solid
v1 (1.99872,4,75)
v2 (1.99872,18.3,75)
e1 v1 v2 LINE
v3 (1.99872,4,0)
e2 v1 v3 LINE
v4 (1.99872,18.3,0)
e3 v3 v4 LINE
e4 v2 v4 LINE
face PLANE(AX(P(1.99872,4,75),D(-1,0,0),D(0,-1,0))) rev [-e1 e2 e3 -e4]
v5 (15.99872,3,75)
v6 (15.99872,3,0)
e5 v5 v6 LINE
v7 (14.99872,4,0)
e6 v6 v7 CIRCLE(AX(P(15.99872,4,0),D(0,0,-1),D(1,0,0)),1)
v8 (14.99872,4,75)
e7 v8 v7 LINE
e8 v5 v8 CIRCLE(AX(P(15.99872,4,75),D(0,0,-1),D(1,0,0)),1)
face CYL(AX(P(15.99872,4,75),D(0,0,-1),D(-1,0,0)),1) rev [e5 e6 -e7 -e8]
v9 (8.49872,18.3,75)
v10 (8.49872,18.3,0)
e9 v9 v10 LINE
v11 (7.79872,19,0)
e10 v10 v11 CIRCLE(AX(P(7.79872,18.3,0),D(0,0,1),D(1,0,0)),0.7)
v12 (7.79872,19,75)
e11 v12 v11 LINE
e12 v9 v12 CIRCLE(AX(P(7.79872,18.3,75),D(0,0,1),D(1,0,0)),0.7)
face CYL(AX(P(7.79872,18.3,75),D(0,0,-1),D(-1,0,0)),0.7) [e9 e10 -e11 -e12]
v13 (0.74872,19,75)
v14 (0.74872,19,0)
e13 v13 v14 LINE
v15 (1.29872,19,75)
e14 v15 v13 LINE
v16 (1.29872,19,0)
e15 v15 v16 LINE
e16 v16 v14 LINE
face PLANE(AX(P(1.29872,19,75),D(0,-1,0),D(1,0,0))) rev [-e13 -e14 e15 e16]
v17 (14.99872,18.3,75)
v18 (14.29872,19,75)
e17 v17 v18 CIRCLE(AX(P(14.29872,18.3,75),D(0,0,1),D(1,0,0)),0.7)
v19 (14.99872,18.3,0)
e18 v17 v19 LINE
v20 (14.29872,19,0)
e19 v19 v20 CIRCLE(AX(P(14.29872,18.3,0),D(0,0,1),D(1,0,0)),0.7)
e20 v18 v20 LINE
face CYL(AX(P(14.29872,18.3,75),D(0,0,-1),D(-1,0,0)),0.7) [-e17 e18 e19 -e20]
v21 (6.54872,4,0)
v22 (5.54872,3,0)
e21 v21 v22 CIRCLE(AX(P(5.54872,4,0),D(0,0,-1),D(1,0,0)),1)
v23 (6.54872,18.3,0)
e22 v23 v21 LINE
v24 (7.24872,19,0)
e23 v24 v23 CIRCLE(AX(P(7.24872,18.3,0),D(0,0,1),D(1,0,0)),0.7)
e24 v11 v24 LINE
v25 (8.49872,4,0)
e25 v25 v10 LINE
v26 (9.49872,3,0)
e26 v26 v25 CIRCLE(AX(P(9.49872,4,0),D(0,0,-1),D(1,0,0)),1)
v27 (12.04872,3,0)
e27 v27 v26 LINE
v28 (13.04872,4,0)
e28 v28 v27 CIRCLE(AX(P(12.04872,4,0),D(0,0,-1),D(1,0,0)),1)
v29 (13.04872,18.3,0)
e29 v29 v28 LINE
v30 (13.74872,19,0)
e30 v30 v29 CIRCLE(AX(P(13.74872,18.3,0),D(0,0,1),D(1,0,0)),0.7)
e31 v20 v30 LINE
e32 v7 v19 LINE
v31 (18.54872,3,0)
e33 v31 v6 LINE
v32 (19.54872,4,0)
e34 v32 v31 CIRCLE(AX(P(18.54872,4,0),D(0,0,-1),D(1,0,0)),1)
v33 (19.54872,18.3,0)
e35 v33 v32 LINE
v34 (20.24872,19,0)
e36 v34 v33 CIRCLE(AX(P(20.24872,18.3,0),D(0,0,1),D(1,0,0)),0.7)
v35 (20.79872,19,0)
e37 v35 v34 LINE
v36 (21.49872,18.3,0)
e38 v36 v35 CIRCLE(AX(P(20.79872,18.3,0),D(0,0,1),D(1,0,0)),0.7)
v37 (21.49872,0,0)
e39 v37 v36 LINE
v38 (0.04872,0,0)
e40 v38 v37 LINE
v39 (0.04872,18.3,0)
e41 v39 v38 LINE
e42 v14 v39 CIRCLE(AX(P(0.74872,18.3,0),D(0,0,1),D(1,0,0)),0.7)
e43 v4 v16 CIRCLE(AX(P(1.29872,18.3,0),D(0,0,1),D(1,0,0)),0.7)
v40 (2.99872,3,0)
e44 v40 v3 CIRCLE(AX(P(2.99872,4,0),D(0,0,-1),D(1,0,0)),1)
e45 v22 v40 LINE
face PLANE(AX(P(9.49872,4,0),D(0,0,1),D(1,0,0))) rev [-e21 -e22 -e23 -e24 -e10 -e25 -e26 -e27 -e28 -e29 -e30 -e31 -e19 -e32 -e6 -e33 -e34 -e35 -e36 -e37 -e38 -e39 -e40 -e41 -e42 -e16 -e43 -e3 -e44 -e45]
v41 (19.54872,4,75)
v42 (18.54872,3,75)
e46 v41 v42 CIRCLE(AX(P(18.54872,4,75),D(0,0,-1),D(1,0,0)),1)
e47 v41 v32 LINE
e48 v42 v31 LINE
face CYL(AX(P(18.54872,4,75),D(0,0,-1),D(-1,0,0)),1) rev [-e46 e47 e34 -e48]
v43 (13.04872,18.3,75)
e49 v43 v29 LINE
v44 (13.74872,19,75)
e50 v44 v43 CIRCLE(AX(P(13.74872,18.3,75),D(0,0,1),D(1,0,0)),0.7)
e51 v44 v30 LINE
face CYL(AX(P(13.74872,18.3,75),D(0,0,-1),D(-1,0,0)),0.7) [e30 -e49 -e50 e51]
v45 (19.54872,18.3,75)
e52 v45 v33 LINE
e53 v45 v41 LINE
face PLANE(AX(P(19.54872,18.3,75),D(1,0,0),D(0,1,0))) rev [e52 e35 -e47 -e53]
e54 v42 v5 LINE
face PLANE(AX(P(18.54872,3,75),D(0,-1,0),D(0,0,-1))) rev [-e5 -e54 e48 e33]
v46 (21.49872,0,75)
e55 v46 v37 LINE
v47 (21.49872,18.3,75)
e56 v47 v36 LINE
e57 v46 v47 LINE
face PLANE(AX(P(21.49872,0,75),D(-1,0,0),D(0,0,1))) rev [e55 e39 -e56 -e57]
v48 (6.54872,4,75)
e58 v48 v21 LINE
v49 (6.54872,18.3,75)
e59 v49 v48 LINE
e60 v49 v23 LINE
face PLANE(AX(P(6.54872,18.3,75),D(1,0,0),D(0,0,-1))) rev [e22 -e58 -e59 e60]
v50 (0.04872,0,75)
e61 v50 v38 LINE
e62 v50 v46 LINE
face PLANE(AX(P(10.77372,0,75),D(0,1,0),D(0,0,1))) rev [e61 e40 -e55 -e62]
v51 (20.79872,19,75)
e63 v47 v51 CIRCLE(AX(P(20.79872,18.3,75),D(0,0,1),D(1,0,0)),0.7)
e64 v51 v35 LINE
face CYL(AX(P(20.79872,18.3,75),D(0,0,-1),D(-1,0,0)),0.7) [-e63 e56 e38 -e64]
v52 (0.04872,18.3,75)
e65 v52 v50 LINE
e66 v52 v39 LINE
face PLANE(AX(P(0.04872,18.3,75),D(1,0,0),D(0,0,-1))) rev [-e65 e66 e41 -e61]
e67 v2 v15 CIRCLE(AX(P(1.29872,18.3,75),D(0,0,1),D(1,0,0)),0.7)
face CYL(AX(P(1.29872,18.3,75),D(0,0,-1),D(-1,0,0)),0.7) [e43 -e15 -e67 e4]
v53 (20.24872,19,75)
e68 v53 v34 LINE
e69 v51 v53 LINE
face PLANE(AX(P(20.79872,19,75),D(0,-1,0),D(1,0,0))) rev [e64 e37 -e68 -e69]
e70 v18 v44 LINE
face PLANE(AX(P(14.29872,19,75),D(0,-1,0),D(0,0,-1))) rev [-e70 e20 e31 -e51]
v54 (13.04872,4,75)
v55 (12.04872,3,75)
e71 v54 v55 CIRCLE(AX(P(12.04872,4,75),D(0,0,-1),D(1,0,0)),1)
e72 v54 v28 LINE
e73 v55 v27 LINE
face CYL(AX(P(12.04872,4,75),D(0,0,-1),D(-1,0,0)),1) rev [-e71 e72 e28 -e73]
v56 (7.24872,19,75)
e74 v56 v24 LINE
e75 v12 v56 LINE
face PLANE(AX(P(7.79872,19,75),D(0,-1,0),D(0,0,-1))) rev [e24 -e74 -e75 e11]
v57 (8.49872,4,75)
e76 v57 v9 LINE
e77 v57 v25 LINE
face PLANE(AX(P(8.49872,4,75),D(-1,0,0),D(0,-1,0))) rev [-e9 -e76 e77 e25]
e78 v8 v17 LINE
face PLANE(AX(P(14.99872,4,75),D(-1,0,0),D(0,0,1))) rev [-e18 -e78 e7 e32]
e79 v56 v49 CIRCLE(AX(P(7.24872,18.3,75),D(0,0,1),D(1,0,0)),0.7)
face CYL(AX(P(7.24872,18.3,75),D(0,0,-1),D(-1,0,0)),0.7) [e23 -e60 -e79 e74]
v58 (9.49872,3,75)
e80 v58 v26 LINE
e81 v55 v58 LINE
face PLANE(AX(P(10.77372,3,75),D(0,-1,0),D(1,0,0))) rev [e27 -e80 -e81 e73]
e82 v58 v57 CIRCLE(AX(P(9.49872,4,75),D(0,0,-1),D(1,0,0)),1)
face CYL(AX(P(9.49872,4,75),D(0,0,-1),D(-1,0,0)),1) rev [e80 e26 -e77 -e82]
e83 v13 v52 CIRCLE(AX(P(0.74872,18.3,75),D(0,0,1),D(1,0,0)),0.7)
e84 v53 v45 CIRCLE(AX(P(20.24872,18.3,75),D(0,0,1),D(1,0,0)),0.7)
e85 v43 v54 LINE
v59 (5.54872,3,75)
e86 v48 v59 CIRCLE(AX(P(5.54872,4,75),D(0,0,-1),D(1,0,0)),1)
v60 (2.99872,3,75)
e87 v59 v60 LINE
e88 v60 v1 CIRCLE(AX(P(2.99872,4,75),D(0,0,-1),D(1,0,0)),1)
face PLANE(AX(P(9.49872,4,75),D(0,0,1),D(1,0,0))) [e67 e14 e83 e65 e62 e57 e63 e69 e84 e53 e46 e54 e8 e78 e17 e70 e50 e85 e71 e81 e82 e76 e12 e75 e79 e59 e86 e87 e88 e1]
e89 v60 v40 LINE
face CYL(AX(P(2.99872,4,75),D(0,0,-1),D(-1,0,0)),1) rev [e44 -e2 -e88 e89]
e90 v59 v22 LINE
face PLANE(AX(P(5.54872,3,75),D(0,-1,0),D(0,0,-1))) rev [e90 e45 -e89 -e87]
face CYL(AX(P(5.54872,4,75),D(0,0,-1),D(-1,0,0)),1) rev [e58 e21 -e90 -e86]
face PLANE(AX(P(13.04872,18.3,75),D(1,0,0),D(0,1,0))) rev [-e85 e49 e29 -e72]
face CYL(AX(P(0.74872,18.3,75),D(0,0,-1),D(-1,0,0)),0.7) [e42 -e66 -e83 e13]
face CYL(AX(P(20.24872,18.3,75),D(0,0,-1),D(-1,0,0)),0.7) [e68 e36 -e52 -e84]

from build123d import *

# Parameters (mm, degrees)
BOSS_EXTRUDE1_DEPTH = 75


with BuildPart() as part:
    # Model → Boss-Extrude1 (new body)
    with BuildSketch(Plane.XY):
        with BuildLine():
            Line((12.048720141, 3), (10.773720141, 3))
            Line((10.773720141, 3), (9.498720141, 3))
            ThreePointArc((9.498720141, 3), (8.79161336, 3.292893219), (8.498720141, 4))
            Line((8.498720141, 4), (8.498720141, 18.3))
            ThreePointArc((8.498720141, 18.3), (8.293694888, 18.794974747), (7.798720141, 19))
            Line((7.798720141, 19), (7.248720141, 19))
            ThreePointArc((7.248720141, 19), (6.753745394, 18.794974747), (6.548720141, 18.3))
            Line((6.548720141, 18.3), (6.548720141, 4))
            ThreePointArc((6.548720141, 4), (6.255826922, 3.292893219), (5.548720141, 3))
            Line((5.548720141, 3), (2.998720141, 3))
            ThreePointArc((2.998720141, 3), (2.29161336, 3.292893219), (1.998720141, 4))
            Line((1.998720141, 4), (1.998720141, 18.3))
            ThreePointArc((1.998720141, 18.3), (1.793694888, 18.794974747), (1.298720141, 19))
            Line((1.298720141, 19), (0.748720141, 19))
            ThreePointArc((0.748720141, 19), (0.253745394, 18.794974747), (0.048720141, 18.3))
            Line((0.048720141, 18.3), (0.048720141, 0))
            Line((0.048720141, 0), (10.773720141, 0))
            Line((10.773720141, 0), (21.498720141, 0))
            Line((21.498720141, 0), (21.498720141, 18.3))
            ThreePointArc((21.498720141, 18.3), (21.293694888, 18.794974747), (20.798720141, 19))
            Line((20.798720141, 19), (20.248720141, 19))
            ThreePointArc((20.248720141, 19), (19.753745394, 18.794974747), (19.548720141, 18.3))
            Line((19.548720141, 18.3), (19.548720141, 4))
            ThreePointArc((19.548720141, 4), (19.255826922, 3.292893219), (18.548720141, 3))
            Line((18.548720141, 3), (15.998720141, 3))
            ThreePointArc((15.998720141, 3), (15.29161336, 3.292893219), (14.998720141, 4))
            Line((14.998720141, 4), (14.998720141, 18.3))
            ThreePointArc((14.998720141, 18.3), (14.793694888, 18.794974747), (14.298720141, 19))
            Line((14.298720141, 19), (13.748720141, 19))
            ThreePointArc((13.748720141, 19), (13.253745394, 18.794974747), (13.048720141, 18.3))
            Line((13.048720141, 18.3), (13.048720141, 4))
            ThreePointArc((13.048720141, 4), (12.755826922, 3.292893219), (12.048720141, 3))
        make_face()
    extrude(amount=BOSS_EXTRUDE1_DEPTH)


solid = part.part
